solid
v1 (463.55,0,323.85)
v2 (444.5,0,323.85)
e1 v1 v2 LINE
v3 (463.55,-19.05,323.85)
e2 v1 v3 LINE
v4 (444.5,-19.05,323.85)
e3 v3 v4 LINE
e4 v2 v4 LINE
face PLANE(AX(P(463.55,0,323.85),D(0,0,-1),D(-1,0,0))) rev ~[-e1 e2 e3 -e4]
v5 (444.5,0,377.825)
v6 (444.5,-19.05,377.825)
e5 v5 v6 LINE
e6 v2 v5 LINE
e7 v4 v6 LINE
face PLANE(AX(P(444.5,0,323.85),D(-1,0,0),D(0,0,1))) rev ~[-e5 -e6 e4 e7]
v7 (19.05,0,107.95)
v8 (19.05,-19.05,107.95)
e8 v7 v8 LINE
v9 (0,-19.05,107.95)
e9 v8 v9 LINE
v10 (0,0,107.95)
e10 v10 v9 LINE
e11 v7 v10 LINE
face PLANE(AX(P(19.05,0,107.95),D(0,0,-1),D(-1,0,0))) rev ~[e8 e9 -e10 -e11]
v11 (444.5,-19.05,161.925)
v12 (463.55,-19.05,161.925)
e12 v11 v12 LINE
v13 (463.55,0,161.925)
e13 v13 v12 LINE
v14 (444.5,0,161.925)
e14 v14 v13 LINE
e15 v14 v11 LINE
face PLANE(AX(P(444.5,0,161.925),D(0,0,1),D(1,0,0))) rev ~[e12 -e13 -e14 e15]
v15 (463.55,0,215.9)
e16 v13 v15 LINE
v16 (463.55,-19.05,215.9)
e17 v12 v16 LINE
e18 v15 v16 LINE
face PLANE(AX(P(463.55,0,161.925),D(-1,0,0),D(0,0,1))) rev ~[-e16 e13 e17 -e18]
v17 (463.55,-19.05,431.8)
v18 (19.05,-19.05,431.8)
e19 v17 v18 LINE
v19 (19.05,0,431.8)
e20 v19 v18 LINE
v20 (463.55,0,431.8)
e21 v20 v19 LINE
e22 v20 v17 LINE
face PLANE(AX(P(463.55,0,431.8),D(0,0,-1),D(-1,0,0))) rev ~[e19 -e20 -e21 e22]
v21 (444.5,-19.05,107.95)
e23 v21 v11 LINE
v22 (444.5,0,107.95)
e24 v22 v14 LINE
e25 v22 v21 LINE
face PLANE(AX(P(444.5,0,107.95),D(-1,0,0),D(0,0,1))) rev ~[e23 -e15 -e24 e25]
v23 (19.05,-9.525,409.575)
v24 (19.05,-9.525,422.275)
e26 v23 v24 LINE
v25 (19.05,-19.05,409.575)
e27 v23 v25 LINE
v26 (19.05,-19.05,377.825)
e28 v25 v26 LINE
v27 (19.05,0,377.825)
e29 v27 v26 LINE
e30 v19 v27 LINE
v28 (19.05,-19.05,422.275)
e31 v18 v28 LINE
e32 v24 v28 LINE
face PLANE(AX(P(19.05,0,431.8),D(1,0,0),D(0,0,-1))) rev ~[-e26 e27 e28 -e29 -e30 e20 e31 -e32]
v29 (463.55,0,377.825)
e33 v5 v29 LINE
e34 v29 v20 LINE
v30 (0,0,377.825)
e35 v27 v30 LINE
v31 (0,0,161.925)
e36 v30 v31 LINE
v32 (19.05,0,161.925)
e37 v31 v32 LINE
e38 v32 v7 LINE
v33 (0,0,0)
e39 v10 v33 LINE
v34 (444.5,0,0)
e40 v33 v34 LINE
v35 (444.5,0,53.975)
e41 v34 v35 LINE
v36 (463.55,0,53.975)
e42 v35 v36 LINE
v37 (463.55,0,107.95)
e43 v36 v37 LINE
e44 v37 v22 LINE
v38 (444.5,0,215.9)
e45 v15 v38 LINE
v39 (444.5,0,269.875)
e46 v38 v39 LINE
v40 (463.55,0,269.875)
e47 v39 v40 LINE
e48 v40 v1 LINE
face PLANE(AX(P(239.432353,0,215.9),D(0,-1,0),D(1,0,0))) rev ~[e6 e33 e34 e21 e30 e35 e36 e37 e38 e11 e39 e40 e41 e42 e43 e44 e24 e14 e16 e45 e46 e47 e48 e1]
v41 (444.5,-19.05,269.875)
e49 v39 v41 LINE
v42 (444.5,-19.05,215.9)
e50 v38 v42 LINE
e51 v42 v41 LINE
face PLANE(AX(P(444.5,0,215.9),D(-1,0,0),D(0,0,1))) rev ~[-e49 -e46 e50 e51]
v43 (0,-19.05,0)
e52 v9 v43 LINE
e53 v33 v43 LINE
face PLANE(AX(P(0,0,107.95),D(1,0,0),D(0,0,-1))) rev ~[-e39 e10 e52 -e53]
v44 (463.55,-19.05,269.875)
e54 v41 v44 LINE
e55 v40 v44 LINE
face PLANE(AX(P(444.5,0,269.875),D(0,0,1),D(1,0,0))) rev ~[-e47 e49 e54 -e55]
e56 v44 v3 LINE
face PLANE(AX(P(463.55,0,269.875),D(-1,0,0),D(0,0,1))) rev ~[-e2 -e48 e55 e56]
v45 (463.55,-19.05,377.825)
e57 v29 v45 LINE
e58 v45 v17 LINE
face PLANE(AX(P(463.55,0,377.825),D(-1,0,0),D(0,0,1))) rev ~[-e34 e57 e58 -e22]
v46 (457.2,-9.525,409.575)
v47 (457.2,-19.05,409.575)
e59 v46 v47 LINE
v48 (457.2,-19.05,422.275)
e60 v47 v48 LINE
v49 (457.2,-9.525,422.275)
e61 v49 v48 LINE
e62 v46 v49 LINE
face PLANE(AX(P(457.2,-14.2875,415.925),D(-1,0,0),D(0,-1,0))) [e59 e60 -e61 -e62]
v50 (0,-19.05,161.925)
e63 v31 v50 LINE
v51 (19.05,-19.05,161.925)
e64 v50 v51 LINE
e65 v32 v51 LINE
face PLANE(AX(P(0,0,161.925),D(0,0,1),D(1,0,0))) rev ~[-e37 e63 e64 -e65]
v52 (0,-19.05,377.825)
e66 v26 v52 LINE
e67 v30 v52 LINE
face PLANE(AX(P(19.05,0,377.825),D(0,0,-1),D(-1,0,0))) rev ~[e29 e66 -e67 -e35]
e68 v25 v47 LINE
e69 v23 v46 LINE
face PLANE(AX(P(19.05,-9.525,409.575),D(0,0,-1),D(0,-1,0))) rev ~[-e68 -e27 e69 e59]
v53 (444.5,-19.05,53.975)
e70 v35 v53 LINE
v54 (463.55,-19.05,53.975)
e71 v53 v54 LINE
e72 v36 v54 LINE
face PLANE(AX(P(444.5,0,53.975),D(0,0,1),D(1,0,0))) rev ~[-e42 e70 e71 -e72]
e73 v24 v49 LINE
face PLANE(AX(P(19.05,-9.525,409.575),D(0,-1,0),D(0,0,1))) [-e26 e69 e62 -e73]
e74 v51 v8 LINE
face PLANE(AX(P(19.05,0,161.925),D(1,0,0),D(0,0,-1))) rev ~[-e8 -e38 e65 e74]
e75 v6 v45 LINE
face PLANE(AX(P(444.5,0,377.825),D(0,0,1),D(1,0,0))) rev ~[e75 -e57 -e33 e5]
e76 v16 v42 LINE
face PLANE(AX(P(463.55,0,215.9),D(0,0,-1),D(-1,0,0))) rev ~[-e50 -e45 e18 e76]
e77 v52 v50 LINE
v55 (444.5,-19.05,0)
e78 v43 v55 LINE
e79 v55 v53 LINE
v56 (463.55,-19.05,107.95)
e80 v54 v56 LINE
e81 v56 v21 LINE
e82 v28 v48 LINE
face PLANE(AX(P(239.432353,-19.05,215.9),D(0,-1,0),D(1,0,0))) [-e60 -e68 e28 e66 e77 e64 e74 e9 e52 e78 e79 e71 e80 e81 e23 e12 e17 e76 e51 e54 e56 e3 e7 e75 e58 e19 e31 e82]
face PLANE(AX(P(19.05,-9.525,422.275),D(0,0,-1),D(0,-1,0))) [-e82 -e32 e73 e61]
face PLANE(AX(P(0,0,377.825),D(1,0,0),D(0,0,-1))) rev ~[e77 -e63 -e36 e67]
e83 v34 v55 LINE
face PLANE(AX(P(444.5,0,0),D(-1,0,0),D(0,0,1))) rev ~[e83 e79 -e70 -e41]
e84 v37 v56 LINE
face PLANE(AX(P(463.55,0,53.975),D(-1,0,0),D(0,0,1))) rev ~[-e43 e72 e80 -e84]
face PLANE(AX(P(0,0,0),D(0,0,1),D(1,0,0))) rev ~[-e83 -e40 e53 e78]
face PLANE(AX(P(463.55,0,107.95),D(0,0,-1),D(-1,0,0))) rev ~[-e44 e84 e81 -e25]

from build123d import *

# Parameters (mm, degrees)
F1_DEPTH = 19.05
F2_W     = 9.525
F2_H     = 12.7
F3_DEPTH = 438.15


with BuildPart() as f1:
    # F0 (on Front) → F1 (new body)
    with BuildSketch(Plane.XZ):
        Polygon((0, 107.95), (0, 0), (444.5, 0), (444.5, 53.975), (463.55, 53.975), (463.55, 107.95), (444.5, 107.95), (444.5, 161.925), (463.55, 161.925), (463.55, 215.9), (444.5, 215.9), (444.5, 269.875), (463.55, 269.875), (463.55, 323.85), (444.5, 323.85), (444.5, 377.825), (463.55, 377.825), (463.55, 431.8), (19.05, 431.8), (19.05, 377.825), (0, 377.825), (0, 161.925), (19.05, 161.925), (19.05, 107.95), align=None)
    extrude(amount=F1_DEPTH)

    # F2 (on face) → F3 (cut)
    with BuildSketch(Plane(origin=(19.05, 0, 0), x_dir=(0, -1, 0), z_dir=(-1, 0, 0))):
        with Locations((14.2875, 415.925)):
            Rectangle(F2_W, F2_H)
    extrude(amount=-F3_DEPTH, mode=Mode.SUBTRACT)


solid = f1.part
